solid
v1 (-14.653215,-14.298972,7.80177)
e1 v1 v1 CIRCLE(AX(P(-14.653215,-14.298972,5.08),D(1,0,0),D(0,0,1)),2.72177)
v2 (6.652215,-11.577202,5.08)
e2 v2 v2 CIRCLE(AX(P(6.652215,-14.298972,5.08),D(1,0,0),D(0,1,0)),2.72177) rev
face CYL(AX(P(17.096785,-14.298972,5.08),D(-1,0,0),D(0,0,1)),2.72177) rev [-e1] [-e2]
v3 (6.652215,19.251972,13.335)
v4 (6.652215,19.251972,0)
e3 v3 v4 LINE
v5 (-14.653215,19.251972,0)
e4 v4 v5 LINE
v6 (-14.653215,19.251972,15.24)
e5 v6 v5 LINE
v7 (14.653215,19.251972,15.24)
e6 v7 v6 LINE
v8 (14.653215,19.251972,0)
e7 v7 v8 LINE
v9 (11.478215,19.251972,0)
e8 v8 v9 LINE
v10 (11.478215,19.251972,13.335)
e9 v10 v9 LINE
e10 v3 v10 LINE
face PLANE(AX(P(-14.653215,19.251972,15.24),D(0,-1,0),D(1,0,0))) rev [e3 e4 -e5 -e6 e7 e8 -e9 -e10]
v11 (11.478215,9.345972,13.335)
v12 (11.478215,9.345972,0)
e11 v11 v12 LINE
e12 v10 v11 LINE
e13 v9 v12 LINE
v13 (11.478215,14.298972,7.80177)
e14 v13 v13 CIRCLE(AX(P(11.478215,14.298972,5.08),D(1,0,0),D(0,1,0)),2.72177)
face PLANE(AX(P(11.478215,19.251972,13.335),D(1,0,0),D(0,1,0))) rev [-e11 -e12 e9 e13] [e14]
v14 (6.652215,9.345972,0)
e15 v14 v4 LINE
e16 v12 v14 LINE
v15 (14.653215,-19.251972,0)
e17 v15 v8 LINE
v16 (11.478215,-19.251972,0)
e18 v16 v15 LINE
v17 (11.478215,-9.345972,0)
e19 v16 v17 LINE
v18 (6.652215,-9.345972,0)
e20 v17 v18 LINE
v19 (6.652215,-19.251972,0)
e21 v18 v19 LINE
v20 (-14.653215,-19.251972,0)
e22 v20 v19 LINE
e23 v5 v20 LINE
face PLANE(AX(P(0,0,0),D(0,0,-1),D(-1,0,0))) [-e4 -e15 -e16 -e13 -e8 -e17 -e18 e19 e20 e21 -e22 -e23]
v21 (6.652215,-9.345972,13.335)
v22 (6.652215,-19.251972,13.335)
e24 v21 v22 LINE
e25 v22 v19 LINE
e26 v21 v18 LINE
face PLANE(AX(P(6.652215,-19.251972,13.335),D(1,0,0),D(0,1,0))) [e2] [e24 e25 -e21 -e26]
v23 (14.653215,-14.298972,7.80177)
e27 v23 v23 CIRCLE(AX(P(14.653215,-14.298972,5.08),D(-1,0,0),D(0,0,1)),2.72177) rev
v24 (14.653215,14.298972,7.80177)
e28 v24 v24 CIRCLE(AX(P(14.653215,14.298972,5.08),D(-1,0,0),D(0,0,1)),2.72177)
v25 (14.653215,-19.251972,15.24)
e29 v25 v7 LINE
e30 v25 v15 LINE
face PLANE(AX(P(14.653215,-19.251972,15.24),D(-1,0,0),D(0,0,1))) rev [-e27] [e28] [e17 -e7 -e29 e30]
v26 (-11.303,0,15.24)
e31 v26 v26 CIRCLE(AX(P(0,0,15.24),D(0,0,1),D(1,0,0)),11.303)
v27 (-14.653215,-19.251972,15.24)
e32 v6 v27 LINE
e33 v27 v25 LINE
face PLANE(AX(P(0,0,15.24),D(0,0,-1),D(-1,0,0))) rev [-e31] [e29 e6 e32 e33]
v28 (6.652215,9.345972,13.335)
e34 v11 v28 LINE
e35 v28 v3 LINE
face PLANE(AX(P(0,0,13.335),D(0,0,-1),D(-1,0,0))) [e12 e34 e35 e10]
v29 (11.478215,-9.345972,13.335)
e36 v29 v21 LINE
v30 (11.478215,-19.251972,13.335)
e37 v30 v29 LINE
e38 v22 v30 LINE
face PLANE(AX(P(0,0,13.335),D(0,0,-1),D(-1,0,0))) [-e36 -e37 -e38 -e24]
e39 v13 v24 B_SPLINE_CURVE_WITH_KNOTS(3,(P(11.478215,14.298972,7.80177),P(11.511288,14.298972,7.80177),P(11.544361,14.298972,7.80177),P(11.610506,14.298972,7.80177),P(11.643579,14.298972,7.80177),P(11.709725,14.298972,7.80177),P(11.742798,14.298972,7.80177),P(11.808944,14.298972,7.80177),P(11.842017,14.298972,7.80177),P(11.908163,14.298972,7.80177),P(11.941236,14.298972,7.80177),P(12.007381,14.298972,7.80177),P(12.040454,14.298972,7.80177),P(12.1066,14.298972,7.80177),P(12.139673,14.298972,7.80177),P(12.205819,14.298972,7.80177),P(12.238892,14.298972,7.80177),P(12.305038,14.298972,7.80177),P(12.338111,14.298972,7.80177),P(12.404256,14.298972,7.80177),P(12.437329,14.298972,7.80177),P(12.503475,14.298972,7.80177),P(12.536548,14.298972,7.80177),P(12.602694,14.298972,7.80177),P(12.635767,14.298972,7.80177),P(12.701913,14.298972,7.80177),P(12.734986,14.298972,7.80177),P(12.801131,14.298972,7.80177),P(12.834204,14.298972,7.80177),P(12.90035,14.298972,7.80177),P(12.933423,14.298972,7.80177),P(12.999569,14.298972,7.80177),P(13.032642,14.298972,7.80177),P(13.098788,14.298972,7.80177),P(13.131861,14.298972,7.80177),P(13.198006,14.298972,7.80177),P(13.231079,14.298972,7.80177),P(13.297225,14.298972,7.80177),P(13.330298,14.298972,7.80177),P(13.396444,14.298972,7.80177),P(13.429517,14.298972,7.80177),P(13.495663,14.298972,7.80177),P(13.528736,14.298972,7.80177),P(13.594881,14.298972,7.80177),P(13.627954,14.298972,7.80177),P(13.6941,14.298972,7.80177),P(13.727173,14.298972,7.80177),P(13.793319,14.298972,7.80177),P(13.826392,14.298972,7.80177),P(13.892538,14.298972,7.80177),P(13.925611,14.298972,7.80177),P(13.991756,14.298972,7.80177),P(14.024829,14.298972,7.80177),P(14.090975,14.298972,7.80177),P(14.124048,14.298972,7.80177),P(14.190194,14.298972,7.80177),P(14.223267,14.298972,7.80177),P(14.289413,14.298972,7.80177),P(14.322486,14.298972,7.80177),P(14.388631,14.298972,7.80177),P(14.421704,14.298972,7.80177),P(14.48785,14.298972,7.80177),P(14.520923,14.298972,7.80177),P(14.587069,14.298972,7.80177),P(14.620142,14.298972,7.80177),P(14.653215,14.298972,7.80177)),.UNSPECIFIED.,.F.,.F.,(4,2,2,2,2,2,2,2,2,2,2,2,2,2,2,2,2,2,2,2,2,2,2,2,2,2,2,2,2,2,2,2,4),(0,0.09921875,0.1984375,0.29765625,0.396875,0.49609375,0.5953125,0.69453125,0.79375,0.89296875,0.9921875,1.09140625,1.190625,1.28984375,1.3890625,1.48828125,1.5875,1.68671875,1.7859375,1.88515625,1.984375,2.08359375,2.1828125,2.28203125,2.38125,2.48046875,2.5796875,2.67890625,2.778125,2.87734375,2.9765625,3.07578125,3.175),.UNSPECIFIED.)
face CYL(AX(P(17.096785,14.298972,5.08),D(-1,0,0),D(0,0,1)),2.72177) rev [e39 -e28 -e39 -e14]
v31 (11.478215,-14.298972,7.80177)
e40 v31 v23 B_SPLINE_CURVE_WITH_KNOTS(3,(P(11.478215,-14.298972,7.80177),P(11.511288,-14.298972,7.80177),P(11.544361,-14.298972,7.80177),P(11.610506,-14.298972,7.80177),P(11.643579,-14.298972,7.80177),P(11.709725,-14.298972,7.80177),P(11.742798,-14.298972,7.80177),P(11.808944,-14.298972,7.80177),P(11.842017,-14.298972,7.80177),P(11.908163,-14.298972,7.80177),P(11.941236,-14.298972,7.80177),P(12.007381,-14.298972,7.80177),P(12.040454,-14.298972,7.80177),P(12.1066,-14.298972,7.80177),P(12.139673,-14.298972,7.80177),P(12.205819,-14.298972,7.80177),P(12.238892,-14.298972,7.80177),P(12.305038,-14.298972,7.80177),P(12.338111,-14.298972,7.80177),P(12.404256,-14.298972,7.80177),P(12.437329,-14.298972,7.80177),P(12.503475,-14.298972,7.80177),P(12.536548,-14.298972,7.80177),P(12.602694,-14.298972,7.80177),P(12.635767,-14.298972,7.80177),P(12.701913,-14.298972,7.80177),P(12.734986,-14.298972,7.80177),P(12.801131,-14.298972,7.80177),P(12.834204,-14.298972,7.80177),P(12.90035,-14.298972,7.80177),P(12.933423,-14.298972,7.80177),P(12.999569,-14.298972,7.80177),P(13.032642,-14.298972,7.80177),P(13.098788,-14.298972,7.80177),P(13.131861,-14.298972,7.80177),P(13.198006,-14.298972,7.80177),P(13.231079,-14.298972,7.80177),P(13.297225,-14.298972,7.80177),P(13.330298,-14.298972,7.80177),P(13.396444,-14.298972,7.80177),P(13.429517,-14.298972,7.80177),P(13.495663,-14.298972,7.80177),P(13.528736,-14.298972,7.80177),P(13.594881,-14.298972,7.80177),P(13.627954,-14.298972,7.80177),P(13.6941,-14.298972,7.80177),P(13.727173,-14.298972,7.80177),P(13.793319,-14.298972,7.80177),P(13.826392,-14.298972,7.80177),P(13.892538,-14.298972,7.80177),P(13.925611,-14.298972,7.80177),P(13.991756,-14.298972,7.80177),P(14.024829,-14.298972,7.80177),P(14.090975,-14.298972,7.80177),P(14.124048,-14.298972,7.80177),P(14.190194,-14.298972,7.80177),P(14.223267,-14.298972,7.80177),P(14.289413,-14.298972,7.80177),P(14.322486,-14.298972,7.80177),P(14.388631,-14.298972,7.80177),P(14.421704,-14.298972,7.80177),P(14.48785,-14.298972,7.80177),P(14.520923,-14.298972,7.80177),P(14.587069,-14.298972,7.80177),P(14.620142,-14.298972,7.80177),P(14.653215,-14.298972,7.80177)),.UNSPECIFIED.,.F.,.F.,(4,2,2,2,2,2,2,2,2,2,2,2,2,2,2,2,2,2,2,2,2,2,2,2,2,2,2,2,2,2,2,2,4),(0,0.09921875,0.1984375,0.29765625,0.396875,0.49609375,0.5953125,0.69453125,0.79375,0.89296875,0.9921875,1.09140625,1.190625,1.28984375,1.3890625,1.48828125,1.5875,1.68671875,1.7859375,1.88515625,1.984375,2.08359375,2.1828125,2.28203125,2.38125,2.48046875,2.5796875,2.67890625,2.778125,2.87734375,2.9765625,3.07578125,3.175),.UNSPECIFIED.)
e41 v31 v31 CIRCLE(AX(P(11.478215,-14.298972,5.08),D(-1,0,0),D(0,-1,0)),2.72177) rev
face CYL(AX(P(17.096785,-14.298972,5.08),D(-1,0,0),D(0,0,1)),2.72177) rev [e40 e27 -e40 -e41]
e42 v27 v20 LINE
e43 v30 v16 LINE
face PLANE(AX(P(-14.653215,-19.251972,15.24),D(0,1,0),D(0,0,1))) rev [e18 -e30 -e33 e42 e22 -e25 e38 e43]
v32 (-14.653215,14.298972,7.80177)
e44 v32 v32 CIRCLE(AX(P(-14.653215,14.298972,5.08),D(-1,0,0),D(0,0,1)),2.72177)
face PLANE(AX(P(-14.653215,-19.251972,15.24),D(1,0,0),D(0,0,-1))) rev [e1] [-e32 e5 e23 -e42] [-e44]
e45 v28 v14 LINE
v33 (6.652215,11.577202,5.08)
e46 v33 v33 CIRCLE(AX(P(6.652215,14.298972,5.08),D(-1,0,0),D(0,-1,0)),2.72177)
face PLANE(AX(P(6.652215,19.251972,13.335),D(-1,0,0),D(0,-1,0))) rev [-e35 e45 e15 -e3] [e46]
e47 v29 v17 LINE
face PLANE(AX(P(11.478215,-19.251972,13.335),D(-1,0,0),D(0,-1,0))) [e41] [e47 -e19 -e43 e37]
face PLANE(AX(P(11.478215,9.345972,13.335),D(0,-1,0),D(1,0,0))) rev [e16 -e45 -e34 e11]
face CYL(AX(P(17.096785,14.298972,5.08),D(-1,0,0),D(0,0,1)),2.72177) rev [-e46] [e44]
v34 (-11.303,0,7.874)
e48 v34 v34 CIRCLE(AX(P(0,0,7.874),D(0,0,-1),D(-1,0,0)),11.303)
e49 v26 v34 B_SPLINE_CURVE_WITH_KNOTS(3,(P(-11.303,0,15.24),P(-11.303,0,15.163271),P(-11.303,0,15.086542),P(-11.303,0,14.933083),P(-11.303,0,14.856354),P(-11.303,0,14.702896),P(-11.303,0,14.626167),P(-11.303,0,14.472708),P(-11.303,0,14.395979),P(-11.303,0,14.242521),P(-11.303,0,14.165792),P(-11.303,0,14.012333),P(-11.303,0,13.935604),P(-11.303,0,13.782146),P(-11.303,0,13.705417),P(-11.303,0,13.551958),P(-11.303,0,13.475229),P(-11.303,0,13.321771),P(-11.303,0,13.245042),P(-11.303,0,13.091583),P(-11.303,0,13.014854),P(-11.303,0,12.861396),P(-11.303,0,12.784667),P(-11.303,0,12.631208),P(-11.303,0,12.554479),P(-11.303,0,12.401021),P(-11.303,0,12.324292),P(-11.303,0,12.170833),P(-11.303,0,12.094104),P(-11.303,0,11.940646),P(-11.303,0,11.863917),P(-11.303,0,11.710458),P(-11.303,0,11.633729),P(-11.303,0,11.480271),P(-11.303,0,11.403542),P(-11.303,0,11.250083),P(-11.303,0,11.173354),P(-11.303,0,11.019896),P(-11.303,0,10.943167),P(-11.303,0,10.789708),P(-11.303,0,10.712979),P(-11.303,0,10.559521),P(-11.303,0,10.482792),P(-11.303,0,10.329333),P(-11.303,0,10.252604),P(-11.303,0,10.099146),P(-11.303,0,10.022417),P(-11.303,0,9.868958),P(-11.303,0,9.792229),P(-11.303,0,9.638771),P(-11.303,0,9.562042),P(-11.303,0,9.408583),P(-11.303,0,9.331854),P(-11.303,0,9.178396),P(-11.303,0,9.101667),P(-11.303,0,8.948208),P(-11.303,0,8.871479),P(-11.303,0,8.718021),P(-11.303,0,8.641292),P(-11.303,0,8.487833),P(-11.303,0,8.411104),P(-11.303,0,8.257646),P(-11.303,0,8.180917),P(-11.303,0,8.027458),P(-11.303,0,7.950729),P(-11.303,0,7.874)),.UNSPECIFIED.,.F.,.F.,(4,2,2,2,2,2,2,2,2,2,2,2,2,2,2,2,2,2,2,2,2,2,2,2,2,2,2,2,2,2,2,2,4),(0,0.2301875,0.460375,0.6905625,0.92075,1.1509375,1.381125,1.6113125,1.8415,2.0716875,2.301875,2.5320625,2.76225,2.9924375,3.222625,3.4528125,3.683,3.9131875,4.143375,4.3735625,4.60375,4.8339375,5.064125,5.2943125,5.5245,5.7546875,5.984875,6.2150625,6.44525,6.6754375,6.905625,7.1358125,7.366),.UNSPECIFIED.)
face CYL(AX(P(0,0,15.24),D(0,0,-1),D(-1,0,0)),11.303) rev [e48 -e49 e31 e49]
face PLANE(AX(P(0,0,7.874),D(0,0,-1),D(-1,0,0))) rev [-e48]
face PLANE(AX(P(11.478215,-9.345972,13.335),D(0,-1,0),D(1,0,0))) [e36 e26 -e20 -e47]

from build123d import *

# Parameters (mm, degrees)
SKETCH1_W           = 29.306429484
SKETCH1_H           = 38.503943882
SKETCH1_R           = 11.303
BOSS_EXTRUDE1_DEPTH = 15.24
SKETCH4_W           = 4.826
SKETCH4_H           = 9.906
CUT_EXTRUDE1_DEPTH  = 13.335
SKETCH5_R           = 11.303
BOSS_EXTRUDE3_DEPTH = 7.874
SKETCH6_R           = 2.721770122
CUT_EXTRUDE2_DEPTH  = 31.75


with BuildPart() as part:
    # Sketch1 → Boss-Extrude1 (new body)
    with BuildSketch(Plane.XY):
        Rectangle(SKETCH1_W, SKETCH1_H)
        with Locations(Location((0, 0, 0), (0, 0, 180))):
            Circle(SKETCH1_R, mode=Mode.SUBTRACT)
    extrude(amount=BOSS_EXTRUDE1_DEPTH)

    # Sketch4 → Cut-Extrude1 (cut)
    with BuildSketch(Plane(origin=(0, 0, 0), x_dir=(-1, 0, 0), z_dir=(0, 0, -1))):
        with Locations((-9.065214742, 14.298971941)):
            Rectangle(SKETCH4_W, SKETCH4_H)
    cut_extrude1 = extrude(amount=-CUT_EXTRUDE1_DEPTH, mode=Mode.SUBTRACT)

    # Sketch5 → Boss-Extrude3 (add)
    with BuildSketch(Plane(origin=(0, 0, 0), x_dir=(-1, 0, 0), z_dir=(0, 0, -1))):
        Circle(SKETCH5_R)
    extrude(amount=-BOSS_EXTRUDE3_DEPTH)

    # Sketch6 → Cut-Extrude2 (cut)
    with BuildSketch(Plane.ZY.offset(14.653214742)):
        with Locations((5.08, 14.298971941)):
            Circle(SKETCH6_R)
    cut_extrude2 = extrude(amount=-CUT_EXTRUDE2_DEPTH, mode=Mode.SUBTRACT)

    # Mirror1: Cut-Extrude1, Cut-Extrude2 across plane
    add(cut_extrude1.mirror(Plane.ZX), mode=Mode.SUBTRACT)
    add(cut_extrude2.mirror(Plane.ZX), mode=Mode.SUBTRACT)


solid = part.part
